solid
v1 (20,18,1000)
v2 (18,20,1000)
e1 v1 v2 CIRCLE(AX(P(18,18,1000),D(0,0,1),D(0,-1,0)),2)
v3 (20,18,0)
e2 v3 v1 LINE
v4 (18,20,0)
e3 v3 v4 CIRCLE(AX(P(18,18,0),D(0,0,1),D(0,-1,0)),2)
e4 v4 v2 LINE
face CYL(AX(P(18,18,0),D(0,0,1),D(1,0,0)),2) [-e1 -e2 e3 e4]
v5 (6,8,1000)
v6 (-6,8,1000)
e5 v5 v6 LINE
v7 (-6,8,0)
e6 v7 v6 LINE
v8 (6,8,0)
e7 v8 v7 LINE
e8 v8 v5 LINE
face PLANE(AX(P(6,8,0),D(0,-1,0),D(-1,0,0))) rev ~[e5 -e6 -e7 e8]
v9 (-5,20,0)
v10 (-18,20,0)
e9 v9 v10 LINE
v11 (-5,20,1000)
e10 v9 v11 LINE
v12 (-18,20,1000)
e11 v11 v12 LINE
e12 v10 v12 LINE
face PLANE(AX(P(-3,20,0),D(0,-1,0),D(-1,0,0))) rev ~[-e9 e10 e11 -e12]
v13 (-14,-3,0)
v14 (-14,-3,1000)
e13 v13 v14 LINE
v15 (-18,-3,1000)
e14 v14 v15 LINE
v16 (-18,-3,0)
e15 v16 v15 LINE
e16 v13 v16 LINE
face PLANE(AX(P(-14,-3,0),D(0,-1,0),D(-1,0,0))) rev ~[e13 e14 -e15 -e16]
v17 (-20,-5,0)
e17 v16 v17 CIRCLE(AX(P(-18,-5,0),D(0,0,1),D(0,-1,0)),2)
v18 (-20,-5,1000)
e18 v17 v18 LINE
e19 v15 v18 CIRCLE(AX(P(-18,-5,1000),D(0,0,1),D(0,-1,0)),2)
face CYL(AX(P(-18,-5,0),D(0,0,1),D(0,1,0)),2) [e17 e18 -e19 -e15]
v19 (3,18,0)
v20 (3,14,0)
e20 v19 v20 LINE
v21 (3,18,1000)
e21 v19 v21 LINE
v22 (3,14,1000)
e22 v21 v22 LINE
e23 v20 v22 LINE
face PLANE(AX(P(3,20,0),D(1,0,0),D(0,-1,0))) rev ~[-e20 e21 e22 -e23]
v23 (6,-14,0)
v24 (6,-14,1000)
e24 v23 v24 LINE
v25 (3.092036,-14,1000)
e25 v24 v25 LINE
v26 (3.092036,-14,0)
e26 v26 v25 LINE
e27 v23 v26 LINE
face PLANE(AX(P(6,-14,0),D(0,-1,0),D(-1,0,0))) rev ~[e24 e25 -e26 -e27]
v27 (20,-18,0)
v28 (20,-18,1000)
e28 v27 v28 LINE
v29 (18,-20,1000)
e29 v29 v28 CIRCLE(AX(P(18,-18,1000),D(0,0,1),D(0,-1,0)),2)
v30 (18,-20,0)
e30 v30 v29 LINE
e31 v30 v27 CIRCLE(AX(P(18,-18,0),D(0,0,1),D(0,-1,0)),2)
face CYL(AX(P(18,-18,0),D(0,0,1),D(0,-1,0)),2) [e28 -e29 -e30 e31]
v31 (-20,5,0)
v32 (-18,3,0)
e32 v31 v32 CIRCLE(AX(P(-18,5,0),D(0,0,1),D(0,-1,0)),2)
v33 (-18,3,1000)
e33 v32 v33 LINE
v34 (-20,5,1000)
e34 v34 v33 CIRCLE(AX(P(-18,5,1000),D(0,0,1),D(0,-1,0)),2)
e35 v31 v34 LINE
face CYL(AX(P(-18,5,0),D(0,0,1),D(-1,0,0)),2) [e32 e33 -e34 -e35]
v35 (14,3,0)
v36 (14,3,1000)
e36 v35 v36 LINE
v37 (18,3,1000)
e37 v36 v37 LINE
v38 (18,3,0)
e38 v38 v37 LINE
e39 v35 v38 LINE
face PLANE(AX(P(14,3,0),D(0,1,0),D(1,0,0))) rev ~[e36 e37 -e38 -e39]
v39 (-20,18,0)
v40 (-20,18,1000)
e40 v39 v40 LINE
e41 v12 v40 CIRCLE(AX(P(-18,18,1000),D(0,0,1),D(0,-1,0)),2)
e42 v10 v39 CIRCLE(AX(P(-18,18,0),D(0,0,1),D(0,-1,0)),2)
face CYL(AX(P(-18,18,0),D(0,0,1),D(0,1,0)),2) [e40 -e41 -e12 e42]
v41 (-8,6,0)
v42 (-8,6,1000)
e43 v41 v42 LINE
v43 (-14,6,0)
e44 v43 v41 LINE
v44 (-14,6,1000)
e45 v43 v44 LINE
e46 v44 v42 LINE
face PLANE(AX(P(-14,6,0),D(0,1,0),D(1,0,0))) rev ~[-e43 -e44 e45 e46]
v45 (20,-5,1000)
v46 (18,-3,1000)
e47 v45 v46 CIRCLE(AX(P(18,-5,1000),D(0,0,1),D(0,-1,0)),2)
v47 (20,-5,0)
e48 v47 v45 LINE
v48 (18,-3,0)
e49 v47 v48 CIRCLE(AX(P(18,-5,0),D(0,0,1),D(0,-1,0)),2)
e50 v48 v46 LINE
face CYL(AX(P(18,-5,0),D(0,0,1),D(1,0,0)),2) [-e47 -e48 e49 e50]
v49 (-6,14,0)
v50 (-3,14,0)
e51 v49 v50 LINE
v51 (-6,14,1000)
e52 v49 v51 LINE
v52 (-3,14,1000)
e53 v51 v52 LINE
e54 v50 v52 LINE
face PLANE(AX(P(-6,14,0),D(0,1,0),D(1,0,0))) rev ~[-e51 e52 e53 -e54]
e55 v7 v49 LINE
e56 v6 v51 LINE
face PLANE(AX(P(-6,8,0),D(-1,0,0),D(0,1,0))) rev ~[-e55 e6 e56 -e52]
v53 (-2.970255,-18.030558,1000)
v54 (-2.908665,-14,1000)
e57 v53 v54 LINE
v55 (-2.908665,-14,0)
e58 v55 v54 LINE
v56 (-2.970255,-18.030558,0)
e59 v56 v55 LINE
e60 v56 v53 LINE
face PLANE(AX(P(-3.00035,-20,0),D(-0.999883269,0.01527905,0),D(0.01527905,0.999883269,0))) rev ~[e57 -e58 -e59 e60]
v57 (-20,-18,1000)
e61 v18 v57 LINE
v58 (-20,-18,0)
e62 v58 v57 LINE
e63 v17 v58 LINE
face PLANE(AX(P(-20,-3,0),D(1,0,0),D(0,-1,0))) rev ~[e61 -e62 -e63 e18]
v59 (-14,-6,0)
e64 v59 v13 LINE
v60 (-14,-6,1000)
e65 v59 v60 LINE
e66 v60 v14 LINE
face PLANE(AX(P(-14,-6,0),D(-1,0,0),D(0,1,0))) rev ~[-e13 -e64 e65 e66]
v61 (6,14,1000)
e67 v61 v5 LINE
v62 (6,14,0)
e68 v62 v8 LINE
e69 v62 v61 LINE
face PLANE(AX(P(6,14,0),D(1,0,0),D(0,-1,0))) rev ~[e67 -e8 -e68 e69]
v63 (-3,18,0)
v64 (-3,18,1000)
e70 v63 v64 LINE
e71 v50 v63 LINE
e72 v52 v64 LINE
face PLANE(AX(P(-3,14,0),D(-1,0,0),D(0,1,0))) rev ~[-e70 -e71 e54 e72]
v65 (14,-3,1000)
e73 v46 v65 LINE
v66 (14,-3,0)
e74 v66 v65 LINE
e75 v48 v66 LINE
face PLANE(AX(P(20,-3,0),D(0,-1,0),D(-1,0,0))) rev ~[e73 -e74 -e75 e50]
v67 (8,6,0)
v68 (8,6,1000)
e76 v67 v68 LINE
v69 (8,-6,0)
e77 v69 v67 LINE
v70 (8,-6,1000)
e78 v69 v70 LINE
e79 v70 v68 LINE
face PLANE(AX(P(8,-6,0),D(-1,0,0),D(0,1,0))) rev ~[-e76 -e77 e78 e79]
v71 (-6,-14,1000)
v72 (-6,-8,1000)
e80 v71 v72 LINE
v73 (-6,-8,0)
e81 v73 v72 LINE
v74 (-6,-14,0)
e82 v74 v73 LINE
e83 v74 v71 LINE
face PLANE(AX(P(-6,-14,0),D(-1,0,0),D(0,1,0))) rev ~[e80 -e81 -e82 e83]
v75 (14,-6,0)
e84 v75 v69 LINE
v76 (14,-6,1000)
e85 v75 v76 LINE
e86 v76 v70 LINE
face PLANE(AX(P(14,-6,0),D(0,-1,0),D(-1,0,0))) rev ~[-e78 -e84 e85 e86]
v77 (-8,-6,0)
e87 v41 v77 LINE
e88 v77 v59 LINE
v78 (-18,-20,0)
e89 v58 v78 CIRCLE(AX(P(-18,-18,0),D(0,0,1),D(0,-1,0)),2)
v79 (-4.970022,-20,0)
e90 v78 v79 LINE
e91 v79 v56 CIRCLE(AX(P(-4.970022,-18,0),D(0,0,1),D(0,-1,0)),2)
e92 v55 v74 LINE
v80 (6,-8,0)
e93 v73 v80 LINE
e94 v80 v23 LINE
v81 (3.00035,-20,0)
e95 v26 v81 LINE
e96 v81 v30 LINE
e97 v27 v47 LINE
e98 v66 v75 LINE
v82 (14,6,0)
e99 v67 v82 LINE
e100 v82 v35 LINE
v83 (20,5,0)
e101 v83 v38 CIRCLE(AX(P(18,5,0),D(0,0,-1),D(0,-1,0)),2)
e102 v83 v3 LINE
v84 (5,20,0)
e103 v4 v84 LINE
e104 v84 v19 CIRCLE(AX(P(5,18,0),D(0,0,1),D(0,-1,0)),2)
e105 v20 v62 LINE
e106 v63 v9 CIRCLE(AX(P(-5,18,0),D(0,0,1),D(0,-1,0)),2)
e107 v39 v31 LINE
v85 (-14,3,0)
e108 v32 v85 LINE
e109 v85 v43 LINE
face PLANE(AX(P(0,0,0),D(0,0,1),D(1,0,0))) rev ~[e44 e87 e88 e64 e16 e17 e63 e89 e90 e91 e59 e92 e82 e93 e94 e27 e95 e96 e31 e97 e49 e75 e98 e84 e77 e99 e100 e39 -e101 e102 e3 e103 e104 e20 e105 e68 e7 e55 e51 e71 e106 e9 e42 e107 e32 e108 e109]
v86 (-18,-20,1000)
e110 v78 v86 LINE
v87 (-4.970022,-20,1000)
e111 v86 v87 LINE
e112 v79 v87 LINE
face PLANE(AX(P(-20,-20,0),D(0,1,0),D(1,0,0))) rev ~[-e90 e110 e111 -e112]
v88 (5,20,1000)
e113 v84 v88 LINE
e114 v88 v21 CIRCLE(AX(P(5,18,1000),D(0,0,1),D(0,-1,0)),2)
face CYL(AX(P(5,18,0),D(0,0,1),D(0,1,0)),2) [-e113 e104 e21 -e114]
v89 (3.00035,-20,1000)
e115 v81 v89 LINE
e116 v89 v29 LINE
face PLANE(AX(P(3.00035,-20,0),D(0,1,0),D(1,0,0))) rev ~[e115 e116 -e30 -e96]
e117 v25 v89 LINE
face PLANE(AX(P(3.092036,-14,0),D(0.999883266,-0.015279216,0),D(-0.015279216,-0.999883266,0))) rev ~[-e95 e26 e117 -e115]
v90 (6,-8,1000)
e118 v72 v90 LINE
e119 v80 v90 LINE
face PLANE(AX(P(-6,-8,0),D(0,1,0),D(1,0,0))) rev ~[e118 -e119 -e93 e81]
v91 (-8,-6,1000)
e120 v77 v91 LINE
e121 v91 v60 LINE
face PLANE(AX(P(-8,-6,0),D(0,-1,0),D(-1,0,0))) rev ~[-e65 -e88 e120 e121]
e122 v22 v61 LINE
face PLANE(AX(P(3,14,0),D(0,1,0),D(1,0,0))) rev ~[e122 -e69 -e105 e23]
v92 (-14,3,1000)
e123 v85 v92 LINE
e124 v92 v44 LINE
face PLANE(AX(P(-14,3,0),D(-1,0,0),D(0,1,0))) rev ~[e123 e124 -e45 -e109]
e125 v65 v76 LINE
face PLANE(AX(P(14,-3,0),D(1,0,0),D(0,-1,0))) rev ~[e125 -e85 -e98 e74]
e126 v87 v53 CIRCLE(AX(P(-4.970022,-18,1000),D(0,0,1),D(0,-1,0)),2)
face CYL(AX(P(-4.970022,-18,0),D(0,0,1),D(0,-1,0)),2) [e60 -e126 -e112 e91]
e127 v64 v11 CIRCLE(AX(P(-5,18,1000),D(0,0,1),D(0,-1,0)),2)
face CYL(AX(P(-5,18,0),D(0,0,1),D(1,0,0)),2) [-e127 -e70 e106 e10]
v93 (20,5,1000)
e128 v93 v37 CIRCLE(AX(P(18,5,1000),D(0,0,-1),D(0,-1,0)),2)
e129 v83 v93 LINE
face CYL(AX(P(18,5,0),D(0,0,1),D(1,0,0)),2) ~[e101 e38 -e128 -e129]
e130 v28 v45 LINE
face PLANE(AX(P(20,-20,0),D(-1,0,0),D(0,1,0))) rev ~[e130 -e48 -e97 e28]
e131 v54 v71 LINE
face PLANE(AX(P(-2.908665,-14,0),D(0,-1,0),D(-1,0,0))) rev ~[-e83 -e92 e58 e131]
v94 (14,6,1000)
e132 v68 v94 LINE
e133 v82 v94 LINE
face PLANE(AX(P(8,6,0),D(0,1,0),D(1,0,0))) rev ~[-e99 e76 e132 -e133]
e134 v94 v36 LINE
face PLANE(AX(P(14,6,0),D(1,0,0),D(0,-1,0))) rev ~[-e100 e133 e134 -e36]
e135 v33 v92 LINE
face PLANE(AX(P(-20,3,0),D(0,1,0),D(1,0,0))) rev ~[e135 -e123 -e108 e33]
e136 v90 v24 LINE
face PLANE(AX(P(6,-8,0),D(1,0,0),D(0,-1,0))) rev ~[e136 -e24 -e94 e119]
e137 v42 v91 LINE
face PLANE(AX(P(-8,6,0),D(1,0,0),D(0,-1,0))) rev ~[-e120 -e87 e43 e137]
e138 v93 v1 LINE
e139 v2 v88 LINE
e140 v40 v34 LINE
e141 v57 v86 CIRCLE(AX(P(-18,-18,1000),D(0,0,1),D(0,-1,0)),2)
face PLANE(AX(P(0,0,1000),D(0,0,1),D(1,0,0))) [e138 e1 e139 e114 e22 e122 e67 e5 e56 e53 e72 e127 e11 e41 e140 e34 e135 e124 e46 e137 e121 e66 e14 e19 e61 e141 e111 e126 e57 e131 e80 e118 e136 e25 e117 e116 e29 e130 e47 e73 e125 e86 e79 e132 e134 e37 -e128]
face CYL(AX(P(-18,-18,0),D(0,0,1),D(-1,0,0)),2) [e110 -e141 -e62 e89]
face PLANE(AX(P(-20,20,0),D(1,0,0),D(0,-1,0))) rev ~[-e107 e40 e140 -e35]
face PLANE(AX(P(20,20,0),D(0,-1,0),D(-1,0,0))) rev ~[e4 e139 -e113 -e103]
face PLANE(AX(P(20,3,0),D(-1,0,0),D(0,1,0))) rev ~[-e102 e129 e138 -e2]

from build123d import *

# Parameters (mm, degrees)
F1_DEPTH = 1000
F2_R     = 2


with BuildPart() as f1:
    # F0 (on Top) → F1 (new body)
    with BuildSketch(Plane.XY):
        Polygon((20, 3), (20, 20), (3, 20), (3, 14), (6, 14), (6, 8), (-6, 8), (-6, 14), (-3, 14), (-3, 20), (-20, 20), (-20, 3), (-14, 3), (-14, 6), (-8, 6), (-8, -6), (-14, -6), (-14, -3), (-20, -3), (-20, -20), (-3.00035, -20), (-2.908665, -14), (-6, -14), (-6, -8), (6, -8), (6, -14), (3.092036, -14), (3.00035, -20), (20, -20), (20, -3), (14, -3), (14, -6), (8, -6), (8, 6), (14, 6), (14, 3), align=None)
    extrude(amount=F1_DEPTH)

    # F2
    f2_edges = [f1.edges().sort_by_distance(p)[0] for p in [
        (20, 3, 500),
        (20, 20, 500),
        (20, -20, 500),
        (20, -3, 500),
        (-3.00035, -20, 500),
        (-3, 20, 500),
        (3, 20, 500),
        (-20, 20, 500),
        (-20, -3, 500),
        (-20, 3, 500),
        (-20, -20, 500),
    ]]
    fillet(f2_edges, radius=F2_R)


solid = f1.part
